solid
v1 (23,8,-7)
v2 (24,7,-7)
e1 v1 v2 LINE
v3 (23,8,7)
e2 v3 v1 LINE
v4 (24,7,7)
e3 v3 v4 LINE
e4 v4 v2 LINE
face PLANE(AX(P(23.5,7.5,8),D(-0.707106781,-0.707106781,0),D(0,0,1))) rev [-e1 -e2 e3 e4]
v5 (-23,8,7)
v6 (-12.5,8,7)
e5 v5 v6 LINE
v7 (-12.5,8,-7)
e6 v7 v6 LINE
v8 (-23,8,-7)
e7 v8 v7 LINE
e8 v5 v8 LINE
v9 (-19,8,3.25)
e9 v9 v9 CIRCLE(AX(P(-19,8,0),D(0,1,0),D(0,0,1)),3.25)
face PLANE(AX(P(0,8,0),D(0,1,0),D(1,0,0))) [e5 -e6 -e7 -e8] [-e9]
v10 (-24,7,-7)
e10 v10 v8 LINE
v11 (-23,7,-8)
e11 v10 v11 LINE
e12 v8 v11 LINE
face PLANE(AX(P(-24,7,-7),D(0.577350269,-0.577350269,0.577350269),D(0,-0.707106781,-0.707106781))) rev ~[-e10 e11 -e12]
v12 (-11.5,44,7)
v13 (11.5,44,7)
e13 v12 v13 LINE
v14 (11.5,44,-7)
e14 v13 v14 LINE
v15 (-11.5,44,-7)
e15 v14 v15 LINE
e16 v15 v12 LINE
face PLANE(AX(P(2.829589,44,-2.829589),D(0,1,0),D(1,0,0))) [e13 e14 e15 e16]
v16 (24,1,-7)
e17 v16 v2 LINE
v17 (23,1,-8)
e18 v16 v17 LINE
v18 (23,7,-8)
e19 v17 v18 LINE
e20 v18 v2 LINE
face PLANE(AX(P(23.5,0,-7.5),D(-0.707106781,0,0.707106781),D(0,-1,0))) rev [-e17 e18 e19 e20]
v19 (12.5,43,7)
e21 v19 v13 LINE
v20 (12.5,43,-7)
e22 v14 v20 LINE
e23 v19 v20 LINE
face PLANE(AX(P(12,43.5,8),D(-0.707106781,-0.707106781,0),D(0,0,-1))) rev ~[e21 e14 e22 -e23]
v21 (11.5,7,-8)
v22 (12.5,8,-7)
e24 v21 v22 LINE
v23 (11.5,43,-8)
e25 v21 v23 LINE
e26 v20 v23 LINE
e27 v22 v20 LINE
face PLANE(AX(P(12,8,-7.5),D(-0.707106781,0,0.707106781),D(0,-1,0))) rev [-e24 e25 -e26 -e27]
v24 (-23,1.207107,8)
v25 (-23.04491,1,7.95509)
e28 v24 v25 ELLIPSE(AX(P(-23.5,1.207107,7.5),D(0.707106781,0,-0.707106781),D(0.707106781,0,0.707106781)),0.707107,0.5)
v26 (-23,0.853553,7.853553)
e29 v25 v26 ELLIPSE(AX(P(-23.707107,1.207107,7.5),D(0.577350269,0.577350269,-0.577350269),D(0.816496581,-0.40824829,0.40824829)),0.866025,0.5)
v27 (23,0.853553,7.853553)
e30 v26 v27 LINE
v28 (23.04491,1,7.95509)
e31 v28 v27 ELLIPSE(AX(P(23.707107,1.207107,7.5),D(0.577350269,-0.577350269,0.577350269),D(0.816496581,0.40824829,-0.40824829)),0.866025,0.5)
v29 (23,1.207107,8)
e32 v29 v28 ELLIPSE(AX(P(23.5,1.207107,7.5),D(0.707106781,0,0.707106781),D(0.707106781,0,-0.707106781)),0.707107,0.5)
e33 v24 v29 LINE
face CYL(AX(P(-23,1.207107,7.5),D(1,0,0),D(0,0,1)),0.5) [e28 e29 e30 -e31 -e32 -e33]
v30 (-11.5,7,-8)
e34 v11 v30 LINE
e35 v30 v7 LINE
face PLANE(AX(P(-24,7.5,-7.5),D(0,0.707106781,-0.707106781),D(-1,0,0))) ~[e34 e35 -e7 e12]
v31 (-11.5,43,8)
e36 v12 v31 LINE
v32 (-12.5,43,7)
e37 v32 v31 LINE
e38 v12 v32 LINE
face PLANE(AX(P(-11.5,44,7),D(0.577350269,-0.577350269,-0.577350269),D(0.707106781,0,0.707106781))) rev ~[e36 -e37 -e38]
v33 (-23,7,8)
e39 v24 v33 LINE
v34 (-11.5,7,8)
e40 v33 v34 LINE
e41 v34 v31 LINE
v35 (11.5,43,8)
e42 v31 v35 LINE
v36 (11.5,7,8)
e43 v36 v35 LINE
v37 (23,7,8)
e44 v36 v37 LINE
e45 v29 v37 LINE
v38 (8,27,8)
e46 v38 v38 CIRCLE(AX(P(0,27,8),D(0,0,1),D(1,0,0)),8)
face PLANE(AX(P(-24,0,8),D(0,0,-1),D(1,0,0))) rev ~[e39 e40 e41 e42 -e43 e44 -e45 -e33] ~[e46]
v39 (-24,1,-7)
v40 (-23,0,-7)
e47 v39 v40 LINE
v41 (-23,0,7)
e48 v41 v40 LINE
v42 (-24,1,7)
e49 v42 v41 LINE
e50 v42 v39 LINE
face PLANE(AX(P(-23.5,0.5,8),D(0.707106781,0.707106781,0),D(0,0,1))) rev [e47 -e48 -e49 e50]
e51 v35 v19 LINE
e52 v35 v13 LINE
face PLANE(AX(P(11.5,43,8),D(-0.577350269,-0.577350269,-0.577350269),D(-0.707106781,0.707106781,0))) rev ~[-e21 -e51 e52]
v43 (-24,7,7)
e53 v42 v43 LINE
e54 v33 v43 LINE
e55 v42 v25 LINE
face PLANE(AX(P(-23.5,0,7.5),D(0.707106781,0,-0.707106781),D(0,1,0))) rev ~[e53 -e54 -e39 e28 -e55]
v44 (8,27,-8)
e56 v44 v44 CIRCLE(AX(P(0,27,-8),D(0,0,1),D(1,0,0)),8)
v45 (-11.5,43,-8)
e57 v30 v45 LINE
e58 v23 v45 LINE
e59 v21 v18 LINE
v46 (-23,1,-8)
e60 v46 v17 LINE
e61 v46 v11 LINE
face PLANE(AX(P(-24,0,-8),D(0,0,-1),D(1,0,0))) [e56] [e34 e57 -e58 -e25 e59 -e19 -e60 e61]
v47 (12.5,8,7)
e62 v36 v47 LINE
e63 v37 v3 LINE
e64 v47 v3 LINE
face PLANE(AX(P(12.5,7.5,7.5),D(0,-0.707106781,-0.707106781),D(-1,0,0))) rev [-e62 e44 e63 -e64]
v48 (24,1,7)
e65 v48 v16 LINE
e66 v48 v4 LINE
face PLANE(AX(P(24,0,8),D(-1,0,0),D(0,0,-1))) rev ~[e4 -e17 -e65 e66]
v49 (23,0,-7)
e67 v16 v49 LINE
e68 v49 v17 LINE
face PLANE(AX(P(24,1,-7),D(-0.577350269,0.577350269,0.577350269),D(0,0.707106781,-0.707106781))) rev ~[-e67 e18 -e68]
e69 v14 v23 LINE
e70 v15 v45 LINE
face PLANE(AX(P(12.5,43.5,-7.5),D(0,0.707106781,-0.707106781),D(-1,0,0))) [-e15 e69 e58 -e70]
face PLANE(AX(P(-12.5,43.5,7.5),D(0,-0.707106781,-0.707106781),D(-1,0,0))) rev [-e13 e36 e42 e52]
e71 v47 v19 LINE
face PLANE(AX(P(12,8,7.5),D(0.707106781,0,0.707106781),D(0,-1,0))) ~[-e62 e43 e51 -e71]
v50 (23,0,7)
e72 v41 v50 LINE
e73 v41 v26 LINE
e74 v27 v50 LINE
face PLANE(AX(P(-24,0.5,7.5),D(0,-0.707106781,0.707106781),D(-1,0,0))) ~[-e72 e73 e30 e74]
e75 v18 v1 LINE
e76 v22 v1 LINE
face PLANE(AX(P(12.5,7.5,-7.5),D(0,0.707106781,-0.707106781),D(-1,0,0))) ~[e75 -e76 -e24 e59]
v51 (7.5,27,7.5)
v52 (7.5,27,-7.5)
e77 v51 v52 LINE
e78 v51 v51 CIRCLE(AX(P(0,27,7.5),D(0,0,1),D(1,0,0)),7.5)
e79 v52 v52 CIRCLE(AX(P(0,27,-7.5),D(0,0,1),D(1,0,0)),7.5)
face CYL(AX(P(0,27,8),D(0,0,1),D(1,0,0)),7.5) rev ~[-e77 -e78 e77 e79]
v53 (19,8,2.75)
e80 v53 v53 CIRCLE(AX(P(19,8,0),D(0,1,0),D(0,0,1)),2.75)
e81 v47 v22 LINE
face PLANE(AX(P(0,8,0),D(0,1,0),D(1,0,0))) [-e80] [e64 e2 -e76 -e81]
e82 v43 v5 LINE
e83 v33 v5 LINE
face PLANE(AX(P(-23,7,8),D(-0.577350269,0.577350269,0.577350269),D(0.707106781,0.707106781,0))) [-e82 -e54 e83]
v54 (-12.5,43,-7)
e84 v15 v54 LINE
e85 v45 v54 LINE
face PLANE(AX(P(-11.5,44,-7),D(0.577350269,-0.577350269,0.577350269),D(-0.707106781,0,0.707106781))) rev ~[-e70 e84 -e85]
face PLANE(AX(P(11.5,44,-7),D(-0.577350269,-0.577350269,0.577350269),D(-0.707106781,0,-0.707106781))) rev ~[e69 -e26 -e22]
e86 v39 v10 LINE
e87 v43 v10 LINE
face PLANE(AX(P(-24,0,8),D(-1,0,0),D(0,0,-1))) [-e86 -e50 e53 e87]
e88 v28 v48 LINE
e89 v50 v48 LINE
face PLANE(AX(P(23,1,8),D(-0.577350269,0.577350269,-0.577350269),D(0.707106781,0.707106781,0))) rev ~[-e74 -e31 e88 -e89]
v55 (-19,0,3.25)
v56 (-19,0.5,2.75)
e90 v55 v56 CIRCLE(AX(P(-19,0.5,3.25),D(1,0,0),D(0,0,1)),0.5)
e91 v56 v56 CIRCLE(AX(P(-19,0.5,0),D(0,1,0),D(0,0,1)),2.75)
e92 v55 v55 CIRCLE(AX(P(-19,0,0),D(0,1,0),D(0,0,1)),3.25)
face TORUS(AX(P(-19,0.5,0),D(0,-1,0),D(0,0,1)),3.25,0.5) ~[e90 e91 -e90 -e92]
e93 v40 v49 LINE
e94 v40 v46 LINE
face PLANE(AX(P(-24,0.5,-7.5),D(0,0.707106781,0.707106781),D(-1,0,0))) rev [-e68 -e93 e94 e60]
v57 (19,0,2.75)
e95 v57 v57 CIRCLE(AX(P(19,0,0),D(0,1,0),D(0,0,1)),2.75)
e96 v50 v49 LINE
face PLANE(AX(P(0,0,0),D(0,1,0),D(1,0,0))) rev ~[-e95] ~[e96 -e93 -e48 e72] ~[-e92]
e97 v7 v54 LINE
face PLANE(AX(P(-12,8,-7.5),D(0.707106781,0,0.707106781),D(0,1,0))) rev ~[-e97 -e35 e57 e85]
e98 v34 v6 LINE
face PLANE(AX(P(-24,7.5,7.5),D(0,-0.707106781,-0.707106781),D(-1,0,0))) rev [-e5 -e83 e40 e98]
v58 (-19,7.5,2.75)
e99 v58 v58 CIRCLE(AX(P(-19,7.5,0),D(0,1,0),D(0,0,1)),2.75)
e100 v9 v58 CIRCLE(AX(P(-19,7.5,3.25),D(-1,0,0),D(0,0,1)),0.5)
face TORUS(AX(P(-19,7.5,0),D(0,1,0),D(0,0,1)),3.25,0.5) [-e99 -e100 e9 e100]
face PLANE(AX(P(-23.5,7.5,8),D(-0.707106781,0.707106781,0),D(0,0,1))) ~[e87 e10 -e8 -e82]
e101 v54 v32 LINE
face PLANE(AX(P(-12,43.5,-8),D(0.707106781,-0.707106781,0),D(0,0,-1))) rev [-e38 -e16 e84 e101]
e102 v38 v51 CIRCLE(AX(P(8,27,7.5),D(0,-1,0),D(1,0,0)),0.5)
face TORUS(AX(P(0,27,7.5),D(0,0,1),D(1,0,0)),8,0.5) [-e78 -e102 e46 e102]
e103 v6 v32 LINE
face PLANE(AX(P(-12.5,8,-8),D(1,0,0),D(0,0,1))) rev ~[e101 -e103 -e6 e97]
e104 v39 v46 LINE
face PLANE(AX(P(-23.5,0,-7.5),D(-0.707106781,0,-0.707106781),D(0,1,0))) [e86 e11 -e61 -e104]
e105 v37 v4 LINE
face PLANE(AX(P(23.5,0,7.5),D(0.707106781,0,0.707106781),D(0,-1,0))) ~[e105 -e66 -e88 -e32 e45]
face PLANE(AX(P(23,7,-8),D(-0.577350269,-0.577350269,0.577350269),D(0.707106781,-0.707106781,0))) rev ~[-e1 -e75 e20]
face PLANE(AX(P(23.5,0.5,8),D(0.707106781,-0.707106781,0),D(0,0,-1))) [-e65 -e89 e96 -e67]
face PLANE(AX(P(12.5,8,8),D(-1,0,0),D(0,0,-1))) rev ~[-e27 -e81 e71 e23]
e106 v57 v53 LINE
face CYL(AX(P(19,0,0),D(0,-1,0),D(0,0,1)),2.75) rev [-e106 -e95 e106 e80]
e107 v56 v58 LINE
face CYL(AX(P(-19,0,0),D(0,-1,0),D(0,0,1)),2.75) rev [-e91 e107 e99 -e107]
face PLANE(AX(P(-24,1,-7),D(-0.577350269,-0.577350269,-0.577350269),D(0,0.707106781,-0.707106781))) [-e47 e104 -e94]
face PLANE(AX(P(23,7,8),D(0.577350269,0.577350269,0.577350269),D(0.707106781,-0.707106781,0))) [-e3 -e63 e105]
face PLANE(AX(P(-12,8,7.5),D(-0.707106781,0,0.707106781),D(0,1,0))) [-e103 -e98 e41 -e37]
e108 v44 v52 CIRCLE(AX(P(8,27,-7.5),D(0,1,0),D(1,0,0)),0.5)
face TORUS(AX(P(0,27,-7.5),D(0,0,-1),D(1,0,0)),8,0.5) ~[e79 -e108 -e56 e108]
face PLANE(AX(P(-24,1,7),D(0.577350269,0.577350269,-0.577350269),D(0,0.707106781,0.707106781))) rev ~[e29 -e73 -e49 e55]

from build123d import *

# Parameters (mm, degrees)
SKETCH_1_W          = 48
SKETCH_1_H          = 16
SKETCH_1_R          = 2.75
EXTRUDE_1_DEPTH     = 8
EXTRUDE_2_DEPTH     = 36
SKETCH_3_R          = 7.5
CUT_EXTRUDE_1_DEPTH = 36
CHAMFER_1_SIZE      = 1
FILLET_1_R          = 0.5


with BuildPart() as part:
    # 草图1 → 凸台-拉伸1 (new body)
    with BuildSketch(Plane(origin=(0, 0, 0), x_dir=(1, 0, 0), z_dir=(0, 1, 0))):
        Rectangle(SKETCH_1_W, SKETCH_1_H)
        with Locations(Location((19, 0, 0), (0, 0, 270))):
            Circle(SKETCH_1_R, mode=Mode.SUBTRACT)
        with Locations(Location((-19, 0, 0), (0, 0, 270))):
            Circle(SKETCH_1_R, mode=Mode.SUBTRACT)
    extrude(amount=EXTRUDE_1_DEPTH)

    # 草图2 → 凸台-拉伸2 (add)
    with BuildSketch(Plane(origin=(0, 8, 0), x_dir=(1, 0, 0), z_dir=(0, 1, 0))):
        Polygon((12.5, -8), (12.5, 8), (-12.5, 8), align=None)
        Polygon((-12.5, -8), (12.5, -8), (-12.5, 8), align=None)
    extrude(amount=EXTRUDE_2_DEPTH)

    # 草图3 → 切除-拉伸1 (cut)
    with BuildSketch(Plane.XY.offset(8)):
        with Locations((0, 27)):
            Circle(SKETCH_3_R)
    extrude(amount=-CUT_EXTRUDE_1_DEPTH, mode=Mode.SUBTRACT)

    # 倒角1
    chamfer_1_edges = [part.edges().sort_by_distance(p)[0] for p in [
        (24, 8, 0),
        (18.25, 8, -8),
        (18.25, 8, 8),
        (-18.25, 8, -8),
        (12.5, 26, -8),
        (-12.5, 26, -8),
        (-12.5, 26, 8),
        (12.5, 44, 0),
        (12.5, 26, 8),
        (0, 44, -8),
        (-12.5, 44, 0),
        (0, 44, 8),
        (-24, 8, 0),
        (0, 0, -8),
        (24, 0, 0),
        (0, 0, 8),
        (-24, 0, 0),
        (-24, 4, -8),
        (24, 4, -8),
        (24, 4, 8),
        (-24, 4, 8),
        (-18.25, 8, 8),
    ]]
    chamfer(chamfer_1_edges, length=CHAMFER_1_SIZE)

    # 圆角1
    fillet_1_edges = [part.edges().sort_by_distance(p)[0] for p in [
        (-19, 0, -2.75),
        (-19, 8, -2.75),
        (-7.5, 27, -8),
        (-7.5, 27, 8),
        (0, 1, 8),
    ]]
    fillet(fillet_1_edges, radius=FILLET_1_R)


solid = part.part
